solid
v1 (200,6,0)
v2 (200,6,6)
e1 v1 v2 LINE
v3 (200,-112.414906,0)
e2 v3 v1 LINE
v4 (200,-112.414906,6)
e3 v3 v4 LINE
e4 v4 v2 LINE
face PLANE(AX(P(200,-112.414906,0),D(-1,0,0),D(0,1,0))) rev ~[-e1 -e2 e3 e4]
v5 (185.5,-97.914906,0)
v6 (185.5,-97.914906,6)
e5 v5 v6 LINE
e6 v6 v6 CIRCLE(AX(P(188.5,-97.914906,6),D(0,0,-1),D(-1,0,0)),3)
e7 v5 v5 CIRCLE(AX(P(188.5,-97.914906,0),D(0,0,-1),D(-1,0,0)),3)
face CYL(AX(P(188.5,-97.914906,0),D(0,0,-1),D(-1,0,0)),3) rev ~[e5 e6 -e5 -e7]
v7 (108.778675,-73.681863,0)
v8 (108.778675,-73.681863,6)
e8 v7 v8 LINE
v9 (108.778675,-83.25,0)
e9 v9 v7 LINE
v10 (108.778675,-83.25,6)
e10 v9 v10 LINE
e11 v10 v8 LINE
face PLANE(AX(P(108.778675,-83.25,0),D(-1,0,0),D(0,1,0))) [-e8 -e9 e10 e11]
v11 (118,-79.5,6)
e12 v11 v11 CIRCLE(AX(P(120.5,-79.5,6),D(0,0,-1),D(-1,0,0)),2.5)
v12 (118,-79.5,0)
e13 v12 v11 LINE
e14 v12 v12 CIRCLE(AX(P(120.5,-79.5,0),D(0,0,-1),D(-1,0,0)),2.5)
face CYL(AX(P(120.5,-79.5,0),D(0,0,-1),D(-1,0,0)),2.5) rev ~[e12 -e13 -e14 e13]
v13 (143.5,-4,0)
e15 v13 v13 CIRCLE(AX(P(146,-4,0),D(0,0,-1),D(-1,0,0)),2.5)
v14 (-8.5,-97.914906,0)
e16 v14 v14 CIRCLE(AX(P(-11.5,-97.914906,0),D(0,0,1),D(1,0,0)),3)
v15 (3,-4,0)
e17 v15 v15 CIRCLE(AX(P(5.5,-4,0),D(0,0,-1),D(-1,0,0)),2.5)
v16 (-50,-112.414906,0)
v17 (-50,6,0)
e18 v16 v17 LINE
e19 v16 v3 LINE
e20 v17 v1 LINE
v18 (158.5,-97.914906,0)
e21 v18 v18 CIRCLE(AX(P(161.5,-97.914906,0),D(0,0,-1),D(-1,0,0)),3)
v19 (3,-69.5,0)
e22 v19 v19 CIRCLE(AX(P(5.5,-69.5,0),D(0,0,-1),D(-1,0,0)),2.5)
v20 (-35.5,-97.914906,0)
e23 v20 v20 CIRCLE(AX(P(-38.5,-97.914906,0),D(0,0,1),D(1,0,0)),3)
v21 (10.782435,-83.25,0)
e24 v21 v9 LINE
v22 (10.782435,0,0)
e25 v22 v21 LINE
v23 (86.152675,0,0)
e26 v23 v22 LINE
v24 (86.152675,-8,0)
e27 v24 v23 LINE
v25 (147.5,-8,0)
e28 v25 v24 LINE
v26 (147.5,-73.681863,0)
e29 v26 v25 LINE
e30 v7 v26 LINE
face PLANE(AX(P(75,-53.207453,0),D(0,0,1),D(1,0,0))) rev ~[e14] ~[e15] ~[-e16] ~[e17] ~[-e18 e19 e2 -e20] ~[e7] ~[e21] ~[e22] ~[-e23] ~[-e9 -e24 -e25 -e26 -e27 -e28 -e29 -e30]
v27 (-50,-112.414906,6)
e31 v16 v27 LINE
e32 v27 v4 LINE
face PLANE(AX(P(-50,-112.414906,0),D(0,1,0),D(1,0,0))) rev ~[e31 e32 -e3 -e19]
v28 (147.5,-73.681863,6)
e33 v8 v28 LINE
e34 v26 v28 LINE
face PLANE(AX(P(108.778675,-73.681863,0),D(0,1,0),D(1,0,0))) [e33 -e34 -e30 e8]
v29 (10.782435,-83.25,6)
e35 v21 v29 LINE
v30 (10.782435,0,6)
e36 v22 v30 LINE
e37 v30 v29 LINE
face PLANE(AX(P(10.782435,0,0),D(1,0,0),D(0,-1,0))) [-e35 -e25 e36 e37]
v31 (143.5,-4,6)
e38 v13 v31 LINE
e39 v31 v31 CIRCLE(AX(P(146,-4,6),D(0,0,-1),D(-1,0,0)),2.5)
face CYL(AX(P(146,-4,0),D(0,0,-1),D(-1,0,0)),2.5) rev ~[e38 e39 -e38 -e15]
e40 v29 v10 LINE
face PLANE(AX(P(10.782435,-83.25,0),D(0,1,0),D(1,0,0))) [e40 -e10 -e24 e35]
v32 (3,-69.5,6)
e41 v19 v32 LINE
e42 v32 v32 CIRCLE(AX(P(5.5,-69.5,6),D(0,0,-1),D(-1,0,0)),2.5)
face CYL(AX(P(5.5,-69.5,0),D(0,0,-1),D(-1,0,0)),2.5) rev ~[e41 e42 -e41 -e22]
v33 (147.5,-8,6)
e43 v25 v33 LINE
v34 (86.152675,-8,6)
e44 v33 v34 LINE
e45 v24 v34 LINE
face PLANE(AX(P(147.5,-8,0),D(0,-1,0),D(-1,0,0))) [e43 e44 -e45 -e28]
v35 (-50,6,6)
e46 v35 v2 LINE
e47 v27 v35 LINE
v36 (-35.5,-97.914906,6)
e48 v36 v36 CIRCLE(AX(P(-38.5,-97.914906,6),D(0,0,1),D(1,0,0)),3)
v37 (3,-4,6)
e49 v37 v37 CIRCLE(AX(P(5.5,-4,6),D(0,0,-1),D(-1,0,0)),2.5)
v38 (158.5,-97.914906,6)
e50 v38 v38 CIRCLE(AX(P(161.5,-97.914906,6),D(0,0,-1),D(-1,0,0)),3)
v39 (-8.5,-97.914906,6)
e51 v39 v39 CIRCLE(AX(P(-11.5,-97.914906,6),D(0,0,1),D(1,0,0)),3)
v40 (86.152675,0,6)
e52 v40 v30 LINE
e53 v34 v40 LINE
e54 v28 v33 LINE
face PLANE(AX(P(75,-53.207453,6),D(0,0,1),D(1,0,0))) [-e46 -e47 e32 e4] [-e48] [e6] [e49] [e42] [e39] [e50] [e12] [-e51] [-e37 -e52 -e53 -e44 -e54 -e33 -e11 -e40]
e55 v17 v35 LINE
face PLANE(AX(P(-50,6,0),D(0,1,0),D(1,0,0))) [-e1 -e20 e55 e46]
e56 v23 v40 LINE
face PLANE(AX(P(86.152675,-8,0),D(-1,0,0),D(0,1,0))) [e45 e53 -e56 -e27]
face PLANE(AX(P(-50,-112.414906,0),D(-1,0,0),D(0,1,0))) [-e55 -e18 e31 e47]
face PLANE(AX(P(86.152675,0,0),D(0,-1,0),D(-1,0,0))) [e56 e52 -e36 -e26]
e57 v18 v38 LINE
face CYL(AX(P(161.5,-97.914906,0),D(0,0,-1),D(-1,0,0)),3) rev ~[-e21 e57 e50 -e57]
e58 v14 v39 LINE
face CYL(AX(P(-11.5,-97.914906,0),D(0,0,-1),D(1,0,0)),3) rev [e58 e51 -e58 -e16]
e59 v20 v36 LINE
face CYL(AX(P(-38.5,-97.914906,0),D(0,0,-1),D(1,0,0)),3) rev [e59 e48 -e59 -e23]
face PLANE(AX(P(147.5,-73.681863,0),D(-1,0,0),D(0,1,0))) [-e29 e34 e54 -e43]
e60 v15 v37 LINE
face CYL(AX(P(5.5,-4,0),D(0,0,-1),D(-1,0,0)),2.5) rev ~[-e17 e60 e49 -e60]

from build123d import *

# Parameters (mm, degrees)
ESQUISSE1_W             = 250
ESQUISSE1_H             = 118.414906094
BOSS_EXTRU_1_DEPTH      = 6
ENL_V_MAT_EXTRU_1_REACH = 231.506
ENL_V_MAT_EXTRU_2_REACH = 231.506
ESQUISSE3_R             = 2.5
ENL_V_MAT_EXTRU_3_REACH = 231.506
ESQUISSE4_R             = 3


with BuildPart() as part:
    # Esquisse1 → Boss.-Extru.1 (new body)
    with BuildSketch(Plane.XY):
        with Locations((75, -53.207453047)):
            Rectangle(ESQUISSE1_W, ESQUISSE1_H)
    extrude(amount=BOSS_EXTRU_1_DEPTH)

    # Esquisse2 → Enlèv. mat.-Extru.1 (cut, up to next)
    with BuildSketch(Plane(origin=(0, 0, 0), x_dir=(-1, 0, 0), z_dir=(0, 0, -1)), mode=Mode.PRIVATE) as enl_v_mat_extru_1_sk1:
        Polygon((-10.782435162, 0), (-10.782435162, -83.25), (-108.778675483, -83.25), (-108.778675483, -73.68186315), (-147.5, -73.68186315), (-147.5, -8), (-86.152674603, -8), (-86.152674603, 0), align=None)
    enl_v_mat_extru_1_tool1 = extrude(enl_v_mat_extru_1_sk1.sketch, amount=-ENL_V_MAT_EXTRU_1_REACH, mode=Mode.PRIVATE) & part.part
    add(enl_v_mat_extru_1_tool1.solids().sort_by_distance((75.657683, -42.082804, 0))[0], mode=Mode.SUBTRACT)

    # Esquisse3 → Enlèv. mat.-Extru.2 (cut, up to next)
    with BuildSketch(Plane(origin=(0, 0, 0), x_dir=(-1, 0, 0), z_dir=(0, 0, -1)), mode=Mode.PRIVATE) as enl_v_mat_extru_2_sk1:
        with Locations((-5.5, -69.5)):
            Circle(ESQUISSE3_R)
    enl_v_mat_extru_2_tool1 = extrude(enl_v_mat_extru_2_sk1.sketch, amount=-ENL_V_MAT_EXTRU_2_REACH, mode=Mode.PRIVATE) & part.part
    # Esquisse3 → Enlèv. mat.-Extru.2 (cut, up to next)
    with BuildSketch(Plane(origin=(0, 0, 0), x_dir=(-1, 0, 0), z_dir=(0, 0, -1)), mode=Mode.PRIVATE) as enl_v_mat_extru_2_sk2:
        with Locations((-5.5, -4)):
            Circle(ESQUISSE3_R)
    enl_v_mat_extru_2_tool2 = extrude(enl_v_mat_extru_2_sk2.sketch, amount=-ENL_V_MAT_EXTRU_2_REACH, mode=Mode.PRIVATE) & part.part
    # Esquisse3 → Enlèv. mat.-Extru.2 (cut, up to next)
    with BuildSketch(Plane(origin=(0, 0, 0), x_dir=(-1, 0, 0), z_dir=(0, 0, -1)), mode=Mode.PRIVATE) as enl_v_mat_extru_2_sk3:
        with Locations((-146, -4)):
            Circle(ESQUISSE3_R)
    enl_v_mat_extru_2_tool3 = extrude(enl_v_mat_extru_2_sk3.sketch, amount=-ENL_V_MAT_EXTRU_2_REACH, mode=Mode.PRIVATE) & part.part
    # Esquisse3 → Enlèv. mat.-Extru.2 (cut, up to next)
    with BuildSketch(Plane(origin=(0, 0, 0), x_dir=(-1, 0, 0), z_dir=(0, 0, -1)), mode=Mode.PRIVATE) as enl_v_mat_extru_2_sk4:
        with Locations((-120.5, -79.5)):
            Circle(ESQUISSE3_R)
    enl_v_mat_extru_2_tool4 = extrude(enl_v_mat_extru_2_sk4.sketch, amount=-ENL_V_MAT_EXTRU_2_REACH, mode=Mode.PRIVATE) & part.part
    add(enl_v_mat_extru_2_tool1.solids().sort_by_distance((5.5, -69.5, 0))[0], mode=Mode.SUBTRACT)
    add(enl_v_mat_extru_2_tool2.solids().sort_by_distance((5.5, -4, 0))[0], mode=Mode.SUBTRACT)
    add(enl_v_mat_extru_2_tool3.solids().sort_by_distance((146, -4, 0))[0], mode=Mode.SUBTRACT)
    add(enl_v_mat_extru_2_tool4.solids().sort_by_distance((120.5, -79.5, 0))[0], mode=Mode.SUBTRACT)

    # Esquisse4 → Enlèv. mat.-Extru.3 (cut, up to next)
    with BuildSketch(Plane(origin=(0, 0, 0), x_dir=(-1, 0, 0), z_dir=(0, 0, -1)), mode=Mode.PRIVATE) as enl_v_mat_extru_3_sk1:
        with Locations((-188.5, -97.914906094)):
            Circle(ESQUISSE4_R)
    enl_v_mat_extru_3_tool1 = extrude(enl_v_mat_extru_3_sk1.sketch, amount=-ENL_V_MAT_EXTRU_3_REACH, mode=Mode.PRIVATE) & part.part
    # Esquisse4 → Enlèv. mat.-Extru.3 (cut, up to next)
    with BuildSketch(Plane(origin=(0, 0, 0), x_dir=(-1, 0, 0), z_dir=(0, 0, -1)), mode=Mode.PRIVATE) as enl_v_mat_extru_3_sk2:
        with Locations((-161.5, -97.914906094)):
            Circle(ESQUISSE4_R)
    enl_v_mat_extru_3_tool2 = extrude(enl_v_mat_extru_3_sk2.sketch, amount=-ENL_V_MAT_EXTRU_3_REACH, mode=Mode.PRIVATE) & part.part
    enl_v_mat_extru_3_1 = enl_v_mat_extru_3_tool1.solids().sort_by_distance((188.5, -97.914906, 0))[0]
    add(enl_v_mat_extru_3_1, mode=Mode.SUBTRACT)
    enl_v_mat_extru_3_2 = enl_v_mat_extru_3_tool2.solids().sort_by_distance((161.5, -97.914906, 0))[0]
    add(enl_v_mat_extru_3_2, mode=Mode.SUBTRACT)
    enl_v_mat_extru_3 = enl_v_mat_extru_3_1 + enl_v_mat_extru_3_2  # Enlèv. mat.-Extru.3 as one shape, for the pattern or mirror that repeats it

    # Symétrie1: Enlèv. mat.-Extru.3 across plane
    add(enl_v_mat_extru_3.mirror(Plane(origin=(75, 0, 0), x_dir=(0, 0, 1), z_dir=(1, 0, 0))), mode=Mode.SUBTRACT)


solid = part.part
